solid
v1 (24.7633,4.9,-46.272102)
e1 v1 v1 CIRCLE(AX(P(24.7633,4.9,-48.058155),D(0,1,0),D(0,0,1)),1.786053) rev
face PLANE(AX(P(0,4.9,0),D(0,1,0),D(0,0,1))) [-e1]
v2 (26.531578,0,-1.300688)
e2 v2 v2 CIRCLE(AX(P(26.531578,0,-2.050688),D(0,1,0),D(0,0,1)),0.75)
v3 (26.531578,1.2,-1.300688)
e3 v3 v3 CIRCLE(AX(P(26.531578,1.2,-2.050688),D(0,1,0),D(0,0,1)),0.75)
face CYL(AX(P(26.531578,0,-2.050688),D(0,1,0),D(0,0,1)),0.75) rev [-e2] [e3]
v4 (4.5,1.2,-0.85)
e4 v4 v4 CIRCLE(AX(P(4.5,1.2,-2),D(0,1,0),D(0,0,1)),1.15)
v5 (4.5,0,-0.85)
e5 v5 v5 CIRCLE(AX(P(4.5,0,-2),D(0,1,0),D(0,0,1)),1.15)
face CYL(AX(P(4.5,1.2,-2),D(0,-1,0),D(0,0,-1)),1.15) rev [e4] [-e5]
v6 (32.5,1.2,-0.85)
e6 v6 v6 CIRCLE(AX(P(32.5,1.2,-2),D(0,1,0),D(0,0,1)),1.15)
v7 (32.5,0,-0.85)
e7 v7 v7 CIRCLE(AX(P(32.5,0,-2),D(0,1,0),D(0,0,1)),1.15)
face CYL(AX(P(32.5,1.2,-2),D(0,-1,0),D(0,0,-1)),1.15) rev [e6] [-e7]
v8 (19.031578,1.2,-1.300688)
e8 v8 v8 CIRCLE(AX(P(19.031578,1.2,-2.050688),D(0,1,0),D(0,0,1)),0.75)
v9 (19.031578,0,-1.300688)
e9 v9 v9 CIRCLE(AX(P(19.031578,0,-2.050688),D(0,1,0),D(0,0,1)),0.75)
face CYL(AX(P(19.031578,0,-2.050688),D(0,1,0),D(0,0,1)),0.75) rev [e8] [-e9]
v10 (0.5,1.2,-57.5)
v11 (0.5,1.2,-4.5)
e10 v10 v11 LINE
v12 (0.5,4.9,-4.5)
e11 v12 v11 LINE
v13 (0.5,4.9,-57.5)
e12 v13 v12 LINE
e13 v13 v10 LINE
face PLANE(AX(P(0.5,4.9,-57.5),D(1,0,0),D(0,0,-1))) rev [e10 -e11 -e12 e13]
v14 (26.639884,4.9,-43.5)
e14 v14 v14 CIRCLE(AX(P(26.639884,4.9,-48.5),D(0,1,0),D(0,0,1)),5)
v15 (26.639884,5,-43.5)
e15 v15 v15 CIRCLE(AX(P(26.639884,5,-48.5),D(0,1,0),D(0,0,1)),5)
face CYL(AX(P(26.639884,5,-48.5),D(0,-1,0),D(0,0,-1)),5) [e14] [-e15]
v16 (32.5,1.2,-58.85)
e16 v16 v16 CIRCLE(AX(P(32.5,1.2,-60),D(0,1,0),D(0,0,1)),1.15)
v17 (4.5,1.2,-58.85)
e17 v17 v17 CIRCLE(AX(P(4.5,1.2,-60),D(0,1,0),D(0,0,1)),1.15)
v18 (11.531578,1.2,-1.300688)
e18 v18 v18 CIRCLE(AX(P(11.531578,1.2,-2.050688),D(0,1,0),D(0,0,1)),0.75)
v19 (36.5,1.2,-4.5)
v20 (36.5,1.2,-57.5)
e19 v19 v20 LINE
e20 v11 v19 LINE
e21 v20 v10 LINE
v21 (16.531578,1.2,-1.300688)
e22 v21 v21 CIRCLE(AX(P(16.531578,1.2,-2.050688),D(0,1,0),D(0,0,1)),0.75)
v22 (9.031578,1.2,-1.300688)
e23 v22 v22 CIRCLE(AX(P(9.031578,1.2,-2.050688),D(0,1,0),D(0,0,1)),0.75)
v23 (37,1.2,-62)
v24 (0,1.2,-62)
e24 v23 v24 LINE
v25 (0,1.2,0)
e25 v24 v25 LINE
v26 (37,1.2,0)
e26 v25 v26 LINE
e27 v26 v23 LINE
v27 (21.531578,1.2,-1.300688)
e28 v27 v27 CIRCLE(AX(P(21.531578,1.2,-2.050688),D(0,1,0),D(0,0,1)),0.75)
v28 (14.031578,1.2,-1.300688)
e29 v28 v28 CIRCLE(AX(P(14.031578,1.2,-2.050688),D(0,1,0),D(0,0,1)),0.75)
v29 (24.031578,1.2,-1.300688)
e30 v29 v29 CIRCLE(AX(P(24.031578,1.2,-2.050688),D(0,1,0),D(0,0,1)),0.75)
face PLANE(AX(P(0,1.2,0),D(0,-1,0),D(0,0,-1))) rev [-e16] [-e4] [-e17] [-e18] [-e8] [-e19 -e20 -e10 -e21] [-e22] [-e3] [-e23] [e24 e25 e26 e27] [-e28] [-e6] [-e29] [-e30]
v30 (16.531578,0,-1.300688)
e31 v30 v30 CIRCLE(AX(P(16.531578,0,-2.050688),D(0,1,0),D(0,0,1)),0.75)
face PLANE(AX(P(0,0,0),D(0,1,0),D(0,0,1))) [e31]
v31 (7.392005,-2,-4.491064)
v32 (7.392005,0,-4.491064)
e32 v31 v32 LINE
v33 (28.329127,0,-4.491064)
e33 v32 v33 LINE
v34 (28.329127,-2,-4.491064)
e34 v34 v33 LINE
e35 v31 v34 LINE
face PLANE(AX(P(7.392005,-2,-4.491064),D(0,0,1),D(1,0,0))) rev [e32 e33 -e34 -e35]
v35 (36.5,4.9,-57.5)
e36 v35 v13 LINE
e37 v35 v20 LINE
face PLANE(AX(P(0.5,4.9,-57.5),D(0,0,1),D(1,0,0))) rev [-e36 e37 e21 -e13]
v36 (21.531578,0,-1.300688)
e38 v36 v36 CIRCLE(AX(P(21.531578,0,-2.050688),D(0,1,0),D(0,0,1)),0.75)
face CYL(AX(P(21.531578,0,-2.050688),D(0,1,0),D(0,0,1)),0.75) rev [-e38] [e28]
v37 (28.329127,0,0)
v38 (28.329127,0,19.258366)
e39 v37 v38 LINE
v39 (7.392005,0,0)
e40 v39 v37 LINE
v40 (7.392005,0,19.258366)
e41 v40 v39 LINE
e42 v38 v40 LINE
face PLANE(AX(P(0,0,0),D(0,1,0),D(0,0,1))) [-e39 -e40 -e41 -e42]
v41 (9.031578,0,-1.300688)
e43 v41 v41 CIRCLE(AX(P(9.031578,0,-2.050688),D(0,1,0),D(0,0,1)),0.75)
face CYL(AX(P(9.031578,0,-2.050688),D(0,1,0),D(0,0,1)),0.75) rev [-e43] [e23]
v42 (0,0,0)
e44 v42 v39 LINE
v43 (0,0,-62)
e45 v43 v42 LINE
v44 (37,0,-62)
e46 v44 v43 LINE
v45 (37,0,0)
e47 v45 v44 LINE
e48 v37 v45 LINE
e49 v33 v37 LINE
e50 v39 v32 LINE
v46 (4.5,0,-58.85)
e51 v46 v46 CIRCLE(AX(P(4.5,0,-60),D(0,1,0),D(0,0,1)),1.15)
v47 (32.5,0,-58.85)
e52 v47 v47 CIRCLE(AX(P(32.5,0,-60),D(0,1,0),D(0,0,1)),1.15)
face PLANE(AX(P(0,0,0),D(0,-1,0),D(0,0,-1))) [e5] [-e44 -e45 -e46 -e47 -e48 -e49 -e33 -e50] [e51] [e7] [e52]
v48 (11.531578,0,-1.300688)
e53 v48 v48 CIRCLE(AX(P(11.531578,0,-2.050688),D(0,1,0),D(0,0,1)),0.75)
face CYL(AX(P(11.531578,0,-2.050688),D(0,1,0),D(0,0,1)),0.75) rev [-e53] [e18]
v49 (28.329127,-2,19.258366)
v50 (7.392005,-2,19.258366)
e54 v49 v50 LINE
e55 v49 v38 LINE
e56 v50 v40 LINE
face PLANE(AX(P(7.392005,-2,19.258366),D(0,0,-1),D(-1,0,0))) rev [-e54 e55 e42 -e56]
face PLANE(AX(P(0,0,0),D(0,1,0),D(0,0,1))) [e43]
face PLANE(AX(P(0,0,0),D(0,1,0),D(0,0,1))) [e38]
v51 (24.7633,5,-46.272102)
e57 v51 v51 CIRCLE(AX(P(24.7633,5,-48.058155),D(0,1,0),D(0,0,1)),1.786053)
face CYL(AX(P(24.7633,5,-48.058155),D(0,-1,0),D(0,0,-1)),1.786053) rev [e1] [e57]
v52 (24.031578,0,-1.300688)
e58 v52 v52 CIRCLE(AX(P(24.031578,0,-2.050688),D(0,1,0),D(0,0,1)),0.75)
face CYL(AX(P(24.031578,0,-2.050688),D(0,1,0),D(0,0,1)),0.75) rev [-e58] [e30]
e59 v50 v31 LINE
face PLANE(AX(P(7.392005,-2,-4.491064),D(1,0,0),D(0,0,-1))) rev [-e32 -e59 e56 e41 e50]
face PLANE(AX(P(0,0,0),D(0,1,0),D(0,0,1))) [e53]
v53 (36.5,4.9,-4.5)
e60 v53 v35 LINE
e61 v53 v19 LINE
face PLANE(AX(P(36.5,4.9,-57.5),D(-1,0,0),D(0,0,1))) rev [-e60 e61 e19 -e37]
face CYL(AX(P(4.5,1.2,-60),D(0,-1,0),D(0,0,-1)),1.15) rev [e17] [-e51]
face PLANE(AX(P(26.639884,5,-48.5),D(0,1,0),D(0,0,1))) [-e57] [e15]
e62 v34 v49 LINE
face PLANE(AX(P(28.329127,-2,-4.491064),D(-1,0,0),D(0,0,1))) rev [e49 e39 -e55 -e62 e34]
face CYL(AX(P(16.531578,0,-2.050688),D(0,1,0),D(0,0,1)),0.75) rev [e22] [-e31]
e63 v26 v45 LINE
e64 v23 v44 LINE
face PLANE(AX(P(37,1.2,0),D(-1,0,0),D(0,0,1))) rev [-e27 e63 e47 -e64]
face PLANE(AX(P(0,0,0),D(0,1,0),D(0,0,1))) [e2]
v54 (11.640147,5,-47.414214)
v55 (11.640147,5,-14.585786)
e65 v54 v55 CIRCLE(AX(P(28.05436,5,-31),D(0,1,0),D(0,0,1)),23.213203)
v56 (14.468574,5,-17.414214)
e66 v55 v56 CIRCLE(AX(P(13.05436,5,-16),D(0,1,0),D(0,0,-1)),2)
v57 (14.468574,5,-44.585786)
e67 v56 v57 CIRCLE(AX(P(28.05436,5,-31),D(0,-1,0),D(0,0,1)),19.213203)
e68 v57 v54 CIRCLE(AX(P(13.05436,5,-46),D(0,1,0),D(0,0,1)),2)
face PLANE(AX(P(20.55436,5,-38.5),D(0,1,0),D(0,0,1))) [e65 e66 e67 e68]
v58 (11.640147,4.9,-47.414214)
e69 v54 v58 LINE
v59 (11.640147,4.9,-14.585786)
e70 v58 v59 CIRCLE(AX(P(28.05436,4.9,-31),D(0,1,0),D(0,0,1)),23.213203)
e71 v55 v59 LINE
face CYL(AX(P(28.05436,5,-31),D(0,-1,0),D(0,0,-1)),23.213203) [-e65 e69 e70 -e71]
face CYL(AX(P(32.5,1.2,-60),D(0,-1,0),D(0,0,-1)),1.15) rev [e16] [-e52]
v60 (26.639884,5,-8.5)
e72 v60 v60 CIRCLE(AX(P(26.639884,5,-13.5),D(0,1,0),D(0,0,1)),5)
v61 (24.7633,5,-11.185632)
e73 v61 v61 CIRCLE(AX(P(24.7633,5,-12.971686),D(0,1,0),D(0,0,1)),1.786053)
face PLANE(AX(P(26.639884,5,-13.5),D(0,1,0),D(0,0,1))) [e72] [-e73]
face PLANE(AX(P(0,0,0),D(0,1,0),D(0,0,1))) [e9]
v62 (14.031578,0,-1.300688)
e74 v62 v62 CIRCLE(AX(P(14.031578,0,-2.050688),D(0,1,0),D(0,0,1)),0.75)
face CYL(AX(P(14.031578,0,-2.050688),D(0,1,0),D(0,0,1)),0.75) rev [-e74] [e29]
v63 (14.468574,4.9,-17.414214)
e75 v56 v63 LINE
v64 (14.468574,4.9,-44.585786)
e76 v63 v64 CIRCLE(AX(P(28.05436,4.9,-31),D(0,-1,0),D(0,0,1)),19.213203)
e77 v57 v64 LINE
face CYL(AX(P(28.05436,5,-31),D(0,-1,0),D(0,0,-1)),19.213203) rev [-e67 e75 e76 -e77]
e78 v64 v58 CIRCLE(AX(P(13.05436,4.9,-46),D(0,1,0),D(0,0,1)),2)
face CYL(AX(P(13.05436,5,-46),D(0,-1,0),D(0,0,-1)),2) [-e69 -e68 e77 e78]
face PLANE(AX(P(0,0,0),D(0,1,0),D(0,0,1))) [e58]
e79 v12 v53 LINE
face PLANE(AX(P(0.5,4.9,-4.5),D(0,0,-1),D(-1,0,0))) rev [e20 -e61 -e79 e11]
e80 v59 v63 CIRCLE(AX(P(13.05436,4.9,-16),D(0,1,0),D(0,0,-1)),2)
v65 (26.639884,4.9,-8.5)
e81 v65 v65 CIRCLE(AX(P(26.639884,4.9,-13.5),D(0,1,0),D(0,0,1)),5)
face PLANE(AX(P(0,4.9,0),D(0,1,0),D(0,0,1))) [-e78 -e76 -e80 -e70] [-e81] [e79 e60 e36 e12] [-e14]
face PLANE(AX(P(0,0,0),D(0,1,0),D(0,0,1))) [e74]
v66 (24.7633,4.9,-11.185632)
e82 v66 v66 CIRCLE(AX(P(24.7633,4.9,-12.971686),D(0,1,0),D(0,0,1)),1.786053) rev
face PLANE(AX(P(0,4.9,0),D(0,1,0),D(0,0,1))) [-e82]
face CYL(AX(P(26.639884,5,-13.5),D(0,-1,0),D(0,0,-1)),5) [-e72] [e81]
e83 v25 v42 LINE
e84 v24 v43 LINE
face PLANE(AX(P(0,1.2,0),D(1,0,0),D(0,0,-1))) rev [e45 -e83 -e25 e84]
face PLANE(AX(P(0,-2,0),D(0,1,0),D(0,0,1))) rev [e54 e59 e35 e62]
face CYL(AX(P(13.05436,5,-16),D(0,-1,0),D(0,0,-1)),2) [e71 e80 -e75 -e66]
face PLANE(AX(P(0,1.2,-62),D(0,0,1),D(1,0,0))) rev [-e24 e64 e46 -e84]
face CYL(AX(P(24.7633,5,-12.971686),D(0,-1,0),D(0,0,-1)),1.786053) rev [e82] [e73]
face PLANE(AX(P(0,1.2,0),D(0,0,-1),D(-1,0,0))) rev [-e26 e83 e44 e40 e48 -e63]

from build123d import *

# Parameters (mm, degrees)
SKETCH1_W           = 37
SKETCH1_H           = 62
SKETCH1_R           = 1.15
BOSS_EXTRUDE1_DEPTH = 1.2
SKETCH2_W           = 36
SKETCH2_H           = 53
BOSS_EXTRUDE2_DEPTH = 3.7
SKETCH3_R           = 0.75
CUT_EXTRUDE1_DEPTH  = 73.295850503
SKETCH4_R           = 5
SKETCH4_R_2         = 1.786053174
BOSS_EXTRUDE3_DEPTH = 0.1
SKETCH5_W           = 20.937122204
SKETCH5_H           = 23.749430493
BOSS_EXTRUDE4_DEPTH = 2


with BuildPart() as part:
    # Sketch1 → Boss-Extrude1 (new body)
    with BuildSketch(Plane(origin=(0, 0, 0), x_dir=(1, 0, 0), z_dir=(0, 1, 0))):
        with Locations((18.5, 31)):
            Rectangle(SKETCH1_W, SKETCH1_H)
        with Locations(Location((32.5, 60, 0), (0, 0, 270))):
            Circle(SKETCH1_R, mode=Mode.SUBTRACT)
        with Locations(Location((4.5, 60, 0), (0, 0, 270))):
            Circle(SKETCH1_R, mode=Mode.SUBTRACT)
        with Locations(Location((32.5, 2, 0), (0, 0, 270))):
            Circle(SKETCH1_R, mode=Mode.SUBTRACT)
        with Locations(Location((4.5, 2, 0), (0, 0, 270))):
            Circle(SKETCH1_R, mode=Mode.SUBTRACT)
    extrude(amount=BOSS_EXTRUDE1_DEPTH)

    # Sketch2 → Boss-Extrude2 (add)
    with BuildSketch(Plane(origin=(0, 1.2, 0), x_dir=(1, 0, 0), z_dir=(0, 1, 0))):
        with Locations((18.5, 31)):
            Rectangle(SKETCH2_W, SKETCH2_H)
    extrude(amount=BOSS_EXTRUDE2_DEPTH)

    # Sketch3 → Cut-Extrude1 (cut, through all)
    with BuildSketch(Plane(origin=(0, 1.2, 0), x_dir=(1, 0, 0), z_dir=(0, 1, 0))):
        with Locations(Location((9.031578358, 2.050688375, 0), (0, 0, 270))):
            Circle(SKETCH3_R)
        with Locations(Location((11.531578358, 2.050688375, 0), (0, 0, 270))):
            Circle(SKETCH3_R)
        with Locations(Location((14.031578358, 2.050688375, 0), (0, 0, 270))):
            Circle(SKETCH3_R)
        with Locations(Location((16.531578358, 2.050688375, 0), (0, 0, 270))):
            Circle(SKETCH3_R)
        with Locations(Location((19.031578358, 2.050688375, 0), (0, 0, 270))):
            Circle(SKETCH3_R)
        with Locations(Location((21.531578358, 2.050688375, 0), (0, 0, 270))):
            Circle(SKETCH3_R)
        with Locations(Location((24.031578358, 2.050688375, 0), (0, 0, 270))):
            Circle(SKETCH3_R)
        with Locations(Location((26.531578358, 2.050688375, 0), (0, 0, 270))):
            Circle(SKETCH3_R)
    extrude(amount=-CUT_EXTRUDE1_DEPTH, mode=Mode.SUBTRACT)

    # Sketch4 → Boss-Extrude3 (add)
    # profile 1 of 3: a face of its own
    with BuildSketch(Plane(origin=(0, 4.9, 0), x_dir=(1, 0, 0), z_dir=(0, 1, 0))):
        with Locations(Location((26.639884222, 48.5, 0), (0, 0, 270))):
            Circle(SKETCH4_R)
        with Locations(Location((24.763300075, 48.058155317, 0), (0, 0, 270))):
            Circle(SKETCH4_R_2, mode=Mode.SUBTRACT)
    # profile 2 of 3: a face of its own
    with BuildSketch(Plane(origin=(0, 4.9, 0), x_dir=(1, 0, 0), z_dir=(0, 1, 0))):
        with Locations(Location((26.639884222, 13.5, 0), (0, 0, 270))):
            Circle(SKETCH4_R)
        with Locations(Location((24.763300075, 12.971685579, 0), (0, 0, 270))):
            Circle(SKETCH4_R_2, mode=Mode.SUBTRACT)
    # profile 3 of 3: a face of its own
    with BuildSketch(Plane(origin=(0, 4.9, 0), x_dir=(1, 0, 0), z_dir=(0, 1, 0))):
        with BuildLine():
            ThreePointArc((11.640146641, 47.414213562), (4.841156768, 31), (11.640146641, 14.585786438))
            ThreePointArc((11.640146641, 14.585786438), (14.468573766, 14.585786438), (14.468573766, 17.414213562))
            ThreePointArc((14.468573766, 17.414213562), (8.841156768, 31), (14.468573766, 44.585786438))
            ThreePointArc((14.468573766, 44.585786438), (14.468573766, 47.414213562), (11.640146641, 47.414213562))
        make_face()
    extrude(amount=BOSS_EXTRUDE3_DEPTH)

    # Sketch5 → Boss-Extrude4 (add)
    with BuildSketch(Plane.XZ):
        with Locations((17.860565838, 7.383650804)):
            Rectangle(SKETCH5_W, SKETCH5_H)
    extrude(amount=BOSS_EXTRUDE4_DEPTH)


solid = part.part
